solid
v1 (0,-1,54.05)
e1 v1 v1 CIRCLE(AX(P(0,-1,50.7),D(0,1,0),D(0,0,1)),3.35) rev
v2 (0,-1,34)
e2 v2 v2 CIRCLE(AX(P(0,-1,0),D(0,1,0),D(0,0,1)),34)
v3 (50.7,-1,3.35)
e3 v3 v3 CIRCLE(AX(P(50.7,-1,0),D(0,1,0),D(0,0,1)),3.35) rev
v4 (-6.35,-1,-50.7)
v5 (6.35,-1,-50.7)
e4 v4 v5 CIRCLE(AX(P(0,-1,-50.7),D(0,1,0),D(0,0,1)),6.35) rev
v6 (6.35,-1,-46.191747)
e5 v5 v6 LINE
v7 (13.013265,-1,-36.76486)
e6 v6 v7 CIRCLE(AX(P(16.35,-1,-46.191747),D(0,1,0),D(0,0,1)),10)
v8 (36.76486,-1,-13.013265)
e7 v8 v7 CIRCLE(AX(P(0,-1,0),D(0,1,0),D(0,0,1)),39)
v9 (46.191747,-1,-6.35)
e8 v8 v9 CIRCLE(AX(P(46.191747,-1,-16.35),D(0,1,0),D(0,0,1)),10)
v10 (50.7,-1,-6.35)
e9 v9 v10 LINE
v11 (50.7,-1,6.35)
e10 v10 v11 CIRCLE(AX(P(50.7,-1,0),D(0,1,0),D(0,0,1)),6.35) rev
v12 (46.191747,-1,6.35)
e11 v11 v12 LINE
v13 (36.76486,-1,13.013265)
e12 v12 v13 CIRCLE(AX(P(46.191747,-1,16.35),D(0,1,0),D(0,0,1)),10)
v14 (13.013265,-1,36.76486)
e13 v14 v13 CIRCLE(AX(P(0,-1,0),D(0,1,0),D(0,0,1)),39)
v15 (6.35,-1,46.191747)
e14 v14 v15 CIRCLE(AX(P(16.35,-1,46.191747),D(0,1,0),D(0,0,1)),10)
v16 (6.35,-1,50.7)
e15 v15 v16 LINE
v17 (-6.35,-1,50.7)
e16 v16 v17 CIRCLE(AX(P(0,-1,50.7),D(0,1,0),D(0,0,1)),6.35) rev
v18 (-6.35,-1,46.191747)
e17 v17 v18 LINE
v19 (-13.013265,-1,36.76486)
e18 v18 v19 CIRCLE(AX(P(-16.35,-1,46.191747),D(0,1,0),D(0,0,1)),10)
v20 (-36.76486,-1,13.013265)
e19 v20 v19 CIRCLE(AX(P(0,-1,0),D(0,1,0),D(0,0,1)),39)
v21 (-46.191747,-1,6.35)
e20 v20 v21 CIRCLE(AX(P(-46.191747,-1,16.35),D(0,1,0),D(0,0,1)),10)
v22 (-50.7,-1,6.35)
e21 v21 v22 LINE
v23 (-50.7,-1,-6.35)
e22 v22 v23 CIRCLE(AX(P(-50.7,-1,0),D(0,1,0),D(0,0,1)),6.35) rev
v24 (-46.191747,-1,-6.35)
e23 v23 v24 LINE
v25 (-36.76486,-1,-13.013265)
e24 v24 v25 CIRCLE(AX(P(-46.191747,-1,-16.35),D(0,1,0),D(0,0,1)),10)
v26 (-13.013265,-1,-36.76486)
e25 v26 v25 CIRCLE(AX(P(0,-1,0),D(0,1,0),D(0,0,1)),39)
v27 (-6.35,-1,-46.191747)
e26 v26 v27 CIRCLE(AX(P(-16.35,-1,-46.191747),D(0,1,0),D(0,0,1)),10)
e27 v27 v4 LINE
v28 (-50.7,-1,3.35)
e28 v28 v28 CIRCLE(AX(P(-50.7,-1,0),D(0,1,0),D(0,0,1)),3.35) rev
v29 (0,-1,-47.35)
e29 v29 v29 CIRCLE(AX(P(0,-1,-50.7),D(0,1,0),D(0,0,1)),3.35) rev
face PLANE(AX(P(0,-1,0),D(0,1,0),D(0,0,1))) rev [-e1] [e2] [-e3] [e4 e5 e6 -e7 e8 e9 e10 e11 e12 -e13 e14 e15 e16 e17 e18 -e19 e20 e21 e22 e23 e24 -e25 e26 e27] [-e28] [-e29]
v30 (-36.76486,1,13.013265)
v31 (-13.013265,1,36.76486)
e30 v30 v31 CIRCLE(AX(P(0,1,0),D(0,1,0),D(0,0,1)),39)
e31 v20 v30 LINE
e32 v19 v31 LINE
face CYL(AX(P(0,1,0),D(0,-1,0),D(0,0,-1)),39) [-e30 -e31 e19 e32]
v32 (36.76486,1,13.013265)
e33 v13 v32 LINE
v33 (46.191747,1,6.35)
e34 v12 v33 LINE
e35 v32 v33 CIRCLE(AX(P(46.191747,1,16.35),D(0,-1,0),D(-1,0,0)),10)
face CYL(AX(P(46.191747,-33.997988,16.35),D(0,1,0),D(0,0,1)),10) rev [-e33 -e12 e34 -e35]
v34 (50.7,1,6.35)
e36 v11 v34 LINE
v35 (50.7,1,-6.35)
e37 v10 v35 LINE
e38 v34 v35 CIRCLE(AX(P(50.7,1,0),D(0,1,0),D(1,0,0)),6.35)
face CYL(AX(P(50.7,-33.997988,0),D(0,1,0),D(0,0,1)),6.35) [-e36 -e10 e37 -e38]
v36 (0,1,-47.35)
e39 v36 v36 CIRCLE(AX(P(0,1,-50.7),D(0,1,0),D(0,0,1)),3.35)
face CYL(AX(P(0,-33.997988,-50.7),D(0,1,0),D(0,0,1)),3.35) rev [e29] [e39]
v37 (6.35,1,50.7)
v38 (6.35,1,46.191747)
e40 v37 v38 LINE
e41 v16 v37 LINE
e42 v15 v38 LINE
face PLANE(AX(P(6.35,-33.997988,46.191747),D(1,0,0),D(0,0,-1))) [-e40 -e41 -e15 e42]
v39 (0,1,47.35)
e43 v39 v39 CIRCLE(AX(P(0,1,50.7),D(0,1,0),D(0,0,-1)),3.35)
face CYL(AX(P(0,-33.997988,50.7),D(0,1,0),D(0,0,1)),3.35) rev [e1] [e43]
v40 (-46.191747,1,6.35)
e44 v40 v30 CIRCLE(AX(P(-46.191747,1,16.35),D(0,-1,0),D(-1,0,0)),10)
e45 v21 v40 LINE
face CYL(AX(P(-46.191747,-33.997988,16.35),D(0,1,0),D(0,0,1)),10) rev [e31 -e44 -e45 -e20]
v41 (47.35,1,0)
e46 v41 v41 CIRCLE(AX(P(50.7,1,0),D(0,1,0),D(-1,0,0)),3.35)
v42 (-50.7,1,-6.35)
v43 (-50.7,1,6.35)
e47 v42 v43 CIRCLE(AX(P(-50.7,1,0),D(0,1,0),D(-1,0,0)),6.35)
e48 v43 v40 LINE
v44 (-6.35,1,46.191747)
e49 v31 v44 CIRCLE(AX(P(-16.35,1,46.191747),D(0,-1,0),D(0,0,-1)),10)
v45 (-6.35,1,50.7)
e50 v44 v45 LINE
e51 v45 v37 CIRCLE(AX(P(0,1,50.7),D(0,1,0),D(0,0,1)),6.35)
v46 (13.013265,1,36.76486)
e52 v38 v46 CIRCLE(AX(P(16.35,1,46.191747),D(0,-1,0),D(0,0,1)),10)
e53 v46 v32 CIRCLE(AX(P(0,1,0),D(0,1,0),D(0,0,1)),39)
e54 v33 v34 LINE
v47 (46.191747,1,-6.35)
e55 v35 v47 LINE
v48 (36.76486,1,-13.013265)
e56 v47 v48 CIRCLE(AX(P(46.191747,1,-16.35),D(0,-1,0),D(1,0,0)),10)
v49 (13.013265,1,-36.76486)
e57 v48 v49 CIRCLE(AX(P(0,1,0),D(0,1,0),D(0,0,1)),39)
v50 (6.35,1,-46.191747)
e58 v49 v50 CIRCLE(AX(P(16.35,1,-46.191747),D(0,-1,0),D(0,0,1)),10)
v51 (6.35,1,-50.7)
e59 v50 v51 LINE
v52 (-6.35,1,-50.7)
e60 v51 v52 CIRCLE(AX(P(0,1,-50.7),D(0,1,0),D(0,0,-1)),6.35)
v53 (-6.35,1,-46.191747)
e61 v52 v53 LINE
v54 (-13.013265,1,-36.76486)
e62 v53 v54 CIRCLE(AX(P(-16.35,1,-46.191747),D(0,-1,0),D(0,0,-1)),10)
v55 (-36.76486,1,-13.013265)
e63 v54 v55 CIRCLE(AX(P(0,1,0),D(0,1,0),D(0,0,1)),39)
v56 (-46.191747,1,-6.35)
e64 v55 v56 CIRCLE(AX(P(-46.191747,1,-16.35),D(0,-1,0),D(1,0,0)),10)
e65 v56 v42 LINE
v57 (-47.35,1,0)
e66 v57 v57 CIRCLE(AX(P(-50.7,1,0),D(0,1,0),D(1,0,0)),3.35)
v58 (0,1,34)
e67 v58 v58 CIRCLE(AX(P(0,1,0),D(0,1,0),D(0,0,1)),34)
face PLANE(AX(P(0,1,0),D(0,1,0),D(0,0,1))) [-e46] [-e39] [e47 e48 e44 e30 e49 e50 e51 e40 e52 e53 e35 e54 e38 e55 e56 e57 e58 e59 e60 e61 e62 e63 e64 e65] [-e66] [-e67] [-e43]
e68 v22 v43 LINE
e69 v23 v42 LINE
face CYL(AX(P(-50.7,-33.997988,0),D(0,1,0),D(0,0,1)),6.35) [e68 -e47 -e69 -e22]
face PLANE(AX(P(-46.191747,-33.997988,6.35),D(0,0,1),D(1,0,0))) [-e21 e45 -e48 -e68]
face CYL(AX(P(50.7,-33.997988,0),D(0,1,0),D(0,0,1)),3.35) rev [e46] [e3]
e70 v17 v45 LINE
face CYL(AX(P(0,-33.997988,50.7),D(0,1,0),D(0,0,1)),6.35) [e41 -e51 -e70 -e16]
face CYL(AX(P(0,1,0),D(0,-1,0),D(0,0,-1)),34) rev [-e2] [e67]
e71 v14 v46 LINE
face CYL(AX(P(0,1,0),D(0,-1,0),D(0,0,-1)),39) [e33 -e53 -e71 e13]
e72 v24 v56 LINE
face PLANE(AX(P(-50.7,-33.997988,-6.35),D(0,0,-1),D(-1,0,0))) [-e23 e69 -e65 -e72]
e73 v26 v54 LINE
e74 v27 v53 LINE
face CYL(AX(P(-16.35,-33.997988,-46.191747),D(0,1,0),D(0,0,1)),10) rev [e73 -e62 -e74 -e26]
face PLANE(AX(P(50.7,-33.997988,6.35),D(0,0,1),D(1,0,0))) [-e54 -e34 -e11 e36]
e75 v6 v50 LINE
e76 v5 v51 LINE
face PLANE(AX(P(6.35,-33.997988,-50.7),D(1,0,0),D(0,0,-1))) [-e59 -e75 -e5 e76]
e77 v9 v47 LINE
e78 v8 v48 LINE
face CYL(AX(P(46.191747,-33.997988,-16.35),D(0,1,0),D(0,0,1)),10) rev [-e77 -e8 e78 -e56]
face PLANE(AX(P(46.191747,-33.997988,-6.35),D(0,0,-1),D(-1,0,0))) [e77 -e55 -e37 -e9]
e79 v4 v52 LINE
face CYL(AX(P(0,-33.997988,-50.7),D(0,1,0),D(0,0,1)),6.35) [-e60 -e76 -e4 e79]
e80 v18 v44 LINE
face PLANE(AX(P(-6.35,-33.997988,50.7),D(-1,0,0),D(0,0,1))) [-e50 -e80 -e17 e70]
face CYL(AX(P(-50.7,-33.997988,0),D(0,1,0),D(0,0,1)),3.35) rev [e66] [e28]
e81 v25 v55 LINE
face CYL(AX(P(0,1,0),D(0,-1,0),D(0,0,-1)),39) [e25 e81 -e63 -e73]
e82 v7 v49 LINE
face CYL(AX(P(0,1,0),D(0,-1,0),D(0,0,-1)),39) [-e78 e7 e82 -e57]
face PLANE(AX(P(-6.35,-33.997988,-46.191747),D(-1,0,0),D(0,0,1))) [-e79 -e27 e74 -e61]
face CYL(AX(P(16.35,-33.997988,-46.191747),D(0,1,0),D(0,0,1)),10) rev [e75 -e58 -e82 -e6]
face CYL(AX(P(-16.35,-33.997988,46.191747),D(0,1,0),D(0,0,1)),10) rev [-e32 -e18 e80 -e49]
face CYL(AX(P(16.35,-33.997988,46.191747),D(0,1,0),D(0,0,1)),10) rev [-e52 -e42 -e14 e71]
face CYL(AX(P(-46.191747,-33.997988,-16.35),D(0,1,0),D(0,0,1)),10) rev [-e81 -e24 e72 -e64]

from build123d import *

# Parameters (mm, degrees)
SKETCH1_R           = 39
SKETCH1_R_2         = 34
BOSS_EXTRUDE1_DEPTH = 1
SKETCH2_R           = 3.35
BOSS_EXTRUDE2_DEPTH = 2
CIRPATTERN1_COUNT   = 4


with BuildPart() as part:
    # Sketch1 → Boss-Extrude1 (new, symmetric)
    with BuildSketch(Plane(origin=(0, 0, 0), x_dir=(1, 0, 0), z_dir=(0, 1, 0))):
        with Locations(Location((0, 0, 0), (0, 0, 270))):
            Circle(SKETCH1_R)
        with Locations(Location((0, 0, 0), (0, 0, 270))):
            Circle(SKETCH1_R_2, mode=Mode.SUBTRACT)
    extrude(amount=BOSS_EXTRUDE1_DEPTH, both=True)

    # Sketch2 → Boss-Extrude2 (add)
    with BuildSketch(Plane(origin=(0, 1, 0), x_dir=(1, 0, 0), z_dir=(0, 1, 0))):
        with BuildLine():
            Line((-6.35, 46.191747098), (-6.35, 50.7))
            ThreePointArc((-6.35, 50.7), (0, 57.05), (6.35, 50.7))
            Line((6.35, 50.7), (6.35, 46.191747098))
            ThreePointArc((6.35, 46.191747098), (8.183992807, 40.419717427), (13.013265306, 36.764859935))
            ThreePointArc((13.013265306, 36.764859935), (0, 39), (-13.013265306, 36.764859935))
            ThreePointArc((-13.013265306, 36.764859935), (-8.183992807, 40.419717427), (-6.35, 46.191747098))
        make_face()
        with Locations(Location((0, 50.7, 0), (0, 0, 270))):
            Circle(SKETCH2_R, mode=Mode.SUBTRACT)
    boss_extrude2 = extrude(amount=-BOSS_EXTRUDE2_DEPTH)

    # CirPattern1: Boss-Extrude2 ×4 about axis
    cirpattern1_axis = Axis((0, 0, 0), (0, 1, 0))
    for i in range(1, CIRPATTERN1_COUNT):
        add(boss_extrude2.rotate(cirpattern1_axis, i * 360 / CIRPATTERN1_COUNT))


solid = part.part
